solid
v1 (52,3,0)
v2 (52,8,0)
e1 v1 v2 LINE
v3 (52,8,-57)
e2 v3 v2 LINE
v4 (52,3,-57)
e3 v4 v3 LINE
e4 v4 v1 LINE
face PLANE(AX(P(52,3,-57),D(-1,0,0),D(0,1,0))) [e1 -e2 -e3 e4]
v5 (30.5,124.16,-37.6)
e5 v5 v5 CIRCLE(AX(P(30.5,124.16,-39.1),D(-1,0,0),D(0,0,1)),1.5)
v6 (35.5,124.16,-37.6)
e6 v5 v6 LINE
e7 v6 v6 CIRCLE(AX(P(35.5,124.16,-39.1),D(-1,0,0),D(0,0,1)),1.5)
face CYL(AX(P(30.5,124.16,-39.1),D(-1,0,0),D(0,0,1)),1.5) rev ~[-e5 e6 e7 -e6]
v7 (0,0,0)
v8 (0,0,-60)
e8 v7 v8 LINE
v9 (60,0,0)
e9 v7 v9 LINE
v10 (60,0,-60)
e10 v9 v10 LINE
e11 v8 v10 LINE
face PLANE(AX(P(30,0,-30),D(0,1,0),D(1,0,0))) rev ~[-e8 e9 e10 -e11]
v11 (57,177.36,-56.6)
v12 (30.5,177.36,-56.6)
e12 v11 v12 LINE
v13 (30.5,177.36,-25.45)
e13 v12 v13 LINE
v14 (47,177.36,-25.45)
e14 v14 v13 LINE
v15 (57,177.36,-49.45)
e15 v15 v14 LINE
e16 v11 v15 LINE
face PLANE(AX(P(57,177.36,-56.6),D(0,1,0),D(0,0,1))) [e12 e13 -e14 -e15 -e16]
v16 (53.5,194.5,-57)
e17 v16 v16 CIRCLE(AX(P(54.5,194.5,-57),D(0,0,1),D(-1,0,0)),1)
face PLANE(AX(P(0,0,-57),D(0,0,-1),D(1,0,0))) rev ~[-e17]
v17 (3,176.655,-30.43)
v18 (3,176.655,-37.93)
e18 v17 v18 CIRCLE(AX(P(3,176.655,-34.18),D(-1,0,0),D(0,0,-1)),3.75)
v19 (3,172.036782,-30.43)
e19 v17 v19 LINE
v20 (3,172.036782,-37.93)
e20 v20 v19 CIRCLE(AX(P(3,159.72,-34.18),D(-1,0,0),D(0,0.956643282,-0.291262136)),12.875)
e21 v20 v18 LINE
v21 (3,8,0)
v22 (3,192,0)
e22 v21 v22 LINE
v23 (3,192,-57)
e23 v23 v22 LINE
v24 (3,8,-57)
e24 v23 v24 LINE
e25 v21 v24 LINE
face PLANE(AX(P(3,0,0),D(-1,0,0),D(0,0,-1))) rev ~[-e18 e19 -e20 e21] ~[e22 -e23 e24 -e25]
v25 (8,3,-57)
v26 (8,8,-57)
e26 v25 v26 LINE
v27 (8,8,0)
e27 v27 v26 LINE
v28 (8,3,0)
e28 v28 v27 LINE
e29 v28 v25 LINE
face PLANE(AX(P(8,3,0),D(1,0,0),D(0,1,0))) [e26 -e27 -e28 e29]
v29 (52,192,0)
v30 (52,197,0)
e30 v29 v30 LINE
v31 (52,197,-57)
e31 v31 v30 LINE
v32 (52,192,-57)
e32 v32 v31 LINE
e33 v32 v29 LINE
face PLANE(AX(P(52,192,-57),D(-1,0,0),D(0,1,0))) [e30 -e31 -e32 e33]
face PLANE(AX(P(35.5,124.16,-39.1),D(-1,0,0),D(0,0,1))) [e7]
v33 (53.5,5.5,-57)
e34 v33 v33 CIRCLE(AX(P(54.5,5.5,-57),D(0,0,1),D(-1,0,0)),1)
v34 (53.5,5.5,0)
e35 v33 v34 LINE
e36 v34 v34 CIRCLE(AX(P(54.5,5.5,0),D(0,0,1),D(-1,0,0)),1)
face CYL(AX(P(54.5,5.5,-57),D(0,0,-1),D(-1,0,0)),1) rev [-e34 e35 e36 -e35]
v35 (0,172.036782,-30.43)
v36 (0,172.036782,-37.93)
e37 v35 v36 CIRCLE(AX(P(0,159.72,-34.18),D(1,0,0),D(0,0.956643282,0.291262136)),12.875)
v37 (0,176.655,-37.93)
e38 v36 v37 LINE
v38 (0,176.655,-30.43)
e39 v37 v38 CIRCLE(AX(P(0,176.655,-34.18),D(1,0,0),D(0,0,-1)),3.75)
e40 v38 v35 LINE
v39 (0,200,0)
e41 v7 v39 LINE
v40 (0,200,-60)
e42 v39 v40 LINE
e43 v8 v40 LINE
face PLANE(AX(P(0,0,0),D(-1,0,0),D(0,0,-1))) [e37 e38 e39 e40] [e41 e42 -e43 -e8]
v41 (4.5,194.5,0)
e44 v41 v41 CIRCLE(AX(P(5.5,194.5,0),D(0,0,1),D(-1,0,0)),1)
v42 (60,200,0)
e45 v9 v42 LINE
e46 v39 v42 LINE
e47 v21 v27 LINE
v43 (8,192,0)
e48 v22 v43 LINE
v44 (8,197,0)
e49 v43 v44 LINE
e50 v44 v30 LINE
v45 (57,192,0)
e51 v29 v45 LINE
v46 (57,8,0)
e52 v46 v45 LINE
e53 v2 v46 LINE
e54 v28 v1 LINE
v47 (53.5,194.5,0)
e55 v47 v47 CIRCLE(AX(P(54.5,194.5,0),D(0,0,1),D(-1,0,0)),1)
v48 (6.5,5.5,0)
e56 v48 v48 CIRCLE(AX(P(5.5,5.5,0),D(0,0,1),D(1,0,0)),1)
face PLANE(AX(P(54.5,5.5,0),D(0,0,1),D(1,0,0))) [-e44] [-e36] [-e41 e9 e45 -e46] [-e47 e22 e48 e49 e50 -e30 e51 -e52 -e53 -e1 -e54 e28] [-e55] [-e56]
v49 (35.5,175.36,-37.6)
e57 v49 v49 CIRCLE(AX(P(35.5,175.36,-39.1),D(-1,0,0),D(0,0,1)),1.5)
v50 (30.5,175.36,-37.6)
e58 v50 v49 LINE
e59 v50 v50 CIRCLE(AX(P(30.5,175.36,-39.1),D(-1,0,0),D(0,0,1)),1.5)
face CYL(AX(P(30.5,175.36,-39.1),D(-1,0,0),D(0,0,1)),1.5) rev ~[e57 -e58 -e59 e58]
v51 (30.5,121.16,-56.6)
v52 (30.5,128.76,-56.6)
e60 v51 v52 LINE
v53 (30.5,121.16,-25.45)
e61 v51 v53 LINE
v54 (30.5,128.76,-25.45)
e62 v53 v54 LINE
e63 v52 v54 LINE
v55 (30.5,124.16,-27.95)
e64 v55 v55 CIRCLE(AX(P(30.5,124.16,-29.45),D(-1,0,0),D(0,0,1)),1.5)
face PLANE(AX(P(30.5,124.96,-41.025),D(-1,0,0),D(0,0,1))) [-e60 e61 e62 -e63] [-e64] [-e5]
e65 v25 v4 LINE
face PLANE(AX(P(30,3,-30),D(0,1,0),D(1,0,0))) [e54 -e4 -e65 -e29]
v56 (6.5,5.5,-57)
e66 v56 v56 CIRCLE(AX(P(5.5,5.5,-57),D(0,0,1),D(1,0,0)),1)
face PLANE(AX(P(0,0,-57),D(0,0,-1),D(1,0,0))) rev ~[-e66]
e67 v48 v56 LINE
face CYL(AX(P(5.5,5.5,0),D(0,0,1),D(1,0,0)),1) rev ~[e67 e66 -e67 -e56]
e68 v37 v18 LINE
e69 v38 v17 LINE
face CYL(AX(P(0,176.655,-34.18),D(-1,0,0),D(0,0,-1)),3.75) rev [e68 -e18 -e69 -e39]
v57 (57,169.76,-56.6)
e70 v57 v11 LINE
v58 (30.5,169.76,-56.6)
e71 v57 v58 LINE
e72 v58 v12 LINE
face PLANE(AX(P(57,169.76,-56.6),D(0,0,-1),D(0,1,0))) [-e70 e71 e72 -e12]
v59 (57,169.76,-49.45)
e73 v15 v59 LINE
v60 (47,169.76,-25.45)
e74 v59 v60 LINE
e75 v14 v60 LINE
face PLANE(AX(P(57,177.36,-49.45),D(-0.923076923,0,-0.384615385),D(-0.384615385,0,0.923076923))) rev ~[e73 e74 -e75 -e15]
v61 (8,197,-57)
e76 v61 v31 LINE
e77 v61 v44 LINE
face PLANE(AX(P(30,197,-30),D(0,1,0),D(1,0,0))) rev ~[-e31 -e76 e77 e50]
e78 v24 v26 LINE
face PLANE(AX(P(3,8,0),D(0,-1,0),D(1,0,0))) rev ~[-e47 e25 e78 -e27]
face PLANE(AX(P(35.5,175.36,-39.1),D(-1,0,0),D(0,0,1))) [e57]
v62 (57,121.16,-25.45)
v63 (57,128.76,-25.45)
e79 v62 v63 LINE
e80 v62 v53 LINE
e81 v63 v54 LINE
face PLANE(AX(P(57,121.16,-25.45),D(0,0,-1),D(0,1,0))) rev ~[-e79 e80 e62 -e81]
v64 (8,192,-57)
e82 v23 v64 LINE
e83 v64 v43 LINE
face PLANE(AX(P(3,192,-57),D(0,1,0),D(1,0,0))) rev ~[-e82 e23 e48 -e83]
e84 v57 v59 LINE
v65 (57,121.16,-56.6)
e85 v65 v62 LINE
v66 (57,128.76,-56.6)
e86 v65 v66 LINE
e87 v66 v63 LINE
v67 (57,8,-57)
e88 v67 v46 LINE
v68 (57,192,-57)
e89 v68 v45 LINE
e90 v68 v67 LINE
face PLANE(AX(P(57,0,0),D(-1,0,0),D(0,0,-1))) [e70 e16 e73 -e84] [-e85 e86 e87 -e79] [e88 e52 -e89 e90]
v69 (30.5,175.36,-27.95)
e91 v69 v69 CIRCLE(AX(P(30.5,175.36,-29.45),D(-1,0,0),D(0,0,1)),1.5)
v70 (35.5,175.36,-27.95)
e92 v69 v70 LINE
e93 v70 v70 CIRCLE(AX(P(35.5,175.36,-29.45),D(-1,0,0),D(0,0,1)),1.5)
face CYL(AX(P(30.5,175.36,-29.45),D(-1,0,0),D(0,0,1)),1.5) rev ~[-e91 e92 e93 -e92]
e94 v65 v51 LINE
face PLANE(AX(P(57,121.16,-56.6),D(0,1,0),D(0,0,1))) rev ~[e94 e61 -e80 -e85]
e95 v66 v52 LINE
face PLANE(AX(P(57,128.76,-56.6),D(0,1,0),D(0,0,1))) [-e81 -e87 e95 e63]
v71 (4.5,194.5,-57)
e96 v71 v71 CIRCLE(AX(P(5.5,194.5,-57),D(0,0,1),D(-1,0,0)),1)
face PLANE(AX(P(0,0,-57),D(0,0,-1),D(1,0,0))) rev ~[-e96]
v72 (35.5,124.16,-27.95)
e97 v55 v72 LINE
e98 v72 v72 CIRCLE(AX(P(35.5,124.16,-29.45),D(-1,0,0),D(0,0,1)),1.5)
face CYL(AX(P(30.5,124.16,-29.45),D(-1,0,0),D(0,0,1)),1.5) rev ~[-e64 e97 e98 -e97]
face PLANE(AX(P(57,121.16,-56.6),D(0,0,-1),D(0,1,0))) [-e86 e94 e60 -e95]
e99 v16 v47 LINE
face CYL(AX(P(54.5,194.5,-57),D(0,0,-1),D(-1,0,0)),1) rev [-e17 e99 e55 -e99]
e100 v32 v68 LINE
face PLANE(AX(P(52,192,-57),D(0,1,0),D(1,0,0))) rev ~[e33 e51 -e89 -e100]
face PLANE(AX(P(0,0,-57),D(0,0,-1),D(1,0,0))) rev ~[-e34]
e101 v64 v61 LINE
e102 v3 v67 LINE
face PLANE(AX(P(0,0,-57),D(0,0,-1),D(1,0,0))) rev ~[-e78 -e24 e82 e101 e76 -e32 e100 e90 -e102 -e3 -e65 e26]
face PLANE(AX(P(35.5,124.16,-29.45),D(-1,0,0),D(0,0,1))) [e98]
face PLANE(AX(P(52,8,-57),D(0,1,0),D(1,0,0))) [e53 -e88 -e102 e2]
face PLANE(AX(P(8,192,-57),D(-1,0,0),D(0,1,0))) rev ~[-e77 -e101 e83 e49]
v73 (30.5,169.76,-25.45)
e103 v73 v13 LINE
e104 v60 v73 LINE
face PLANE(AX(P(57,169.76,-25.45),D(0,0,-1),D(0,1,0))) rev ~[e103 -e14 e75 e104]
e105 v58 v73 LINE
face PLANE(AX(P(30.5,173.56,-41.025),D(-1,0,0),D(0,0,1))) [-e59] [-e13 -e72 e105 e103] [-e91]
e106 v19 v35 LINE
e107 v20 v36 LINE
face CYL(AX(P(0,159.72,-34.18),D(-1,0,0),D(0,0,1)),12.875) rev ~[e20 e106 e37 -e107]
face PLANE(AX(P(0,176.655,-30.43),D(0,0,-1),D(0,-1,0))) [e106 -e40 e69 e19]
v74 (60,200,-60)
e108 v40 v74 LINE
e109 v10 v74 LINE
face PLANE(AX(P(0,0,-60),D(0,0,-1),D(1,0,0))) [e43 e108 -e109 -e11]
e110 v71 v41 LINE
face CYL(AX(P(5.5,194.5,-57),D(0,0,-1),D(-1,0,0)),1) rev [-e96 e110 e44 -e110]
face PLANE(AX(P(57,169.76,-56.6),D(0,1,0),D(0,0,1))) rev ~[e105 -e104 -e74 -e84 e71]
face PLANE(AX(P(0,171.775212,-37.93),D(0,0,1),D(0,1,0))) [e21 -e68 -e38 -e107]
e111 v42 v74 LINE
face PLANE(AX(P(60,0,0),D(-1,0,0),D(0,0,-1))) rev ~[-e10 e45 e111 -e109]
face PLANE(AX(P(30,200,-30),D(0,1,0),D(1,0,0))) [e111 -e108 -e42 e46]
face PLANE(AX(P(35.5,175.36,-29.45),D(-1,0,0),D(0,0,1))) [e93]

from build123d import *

# Parameters (mm, degrees)
SZKIC1_W                    = 60
SZKIC1_H                    = 60
DODANIE_WYCI_GNI_CIE1_DEPTH = 200
SKORUPA1_T                  = -3
SZKIC2_W                    = 5
SZKIC2_H                    = 5
SZKIC2_R                    = 1
DODANIE_WYCI_GNI_CIE5_DEPTH = 57
SZKIC3_W                    = 5
SZKIC3_H                    = 5
SZKIC3_R                    = 1
DODANIE_WYCI_GNI_CIE6_DEPTH = 57
SZKIC4_W                    = 5
SZKIC4_H                    = 5
SZKIC4_R                    = 1
DODANIE_WYCI_GNI_CIE7_DEPTH = 57
SZKIC5_W                    = 5
SZKIC5_H                    = 5
SZKIC5_R                    = 1
DODANIE_WYCI_GNI_CIE8_DEPTH = 57
SZKIC10_R                   = 12.875
WYTNIJ_WYCI_GNI_CIE3_DEPTH  = 3
SZKIC12_W                   = 31.15
SZKIC12_H                   = 7.6
DODANIE_WYCI_GNI_CIE9_DEPTH = 26.5
SZKIC13_R                   = 1.5
WYTNIJ_WYCI_GNI_CIE4_DEPTH  = 5
SZKIC15_R                   = 1.5
WYTNIJ_WYCI_GNI_CIE5_DEPTH  = 5
WYTNIJ_WYCI_GNI_CIE6_DEPTH  = 10
WYTNIJ_WYCI_GNI_CIE7_DEPTH  = 10


with BuildPart() as part:
    # Szkic1 → Dodanie-wyciągnięcie1 (new body)
    with BuildSketch(Plane(origin=(0, 0, 0), x_dir=(1, 0, 0), z_dir=(0, 1, 0))):
        with Locations((30, 30)):
            Rectangle(SZKIC1_W, SZKIC1_H)
    extrude(amount=DODANIE_WYCI_GNI_CIE1_DEPTH)

    # Skorupa1
    skorupa1_openings = [part.faces().sort_by_distance(p)[0] for p in [
        (30, 100, 0),
    ]]
    offset(amount=SKORUPA1_T, openings=skorupa1_openings, kind=Kind.INTERSECTION)

    # Szkic2 → Dodanie-wyciągnięcie5 (add)
    with BuildSketch(Plane.XY.offset(-57)):
        with Locations((5.5, 194.5)):
            Rectangle(SZKIC2_W, SZKIC2_H)
        with Locations(Location((5.5, 194.5, 0), (0, 0, 180))):
            Circle(SZKIC2_R, mode=Mode.SUBTRACT)
    extrude(amount=DODANIE_WYCI_GNI_CIE5_DEPTH)

    # Szkic3 → Dodanie-wyciągnięcie6 (add)
    with BuildSketch(Plane.XY.offset(-57)):
        with Locations((54.5, 194.5)):
            Rectangle(SZKIC3_W, SZKIC3_H)
        with Locations(Location((54.5, 194.5, 0), (0, 0, 180))):
            Circle(SZKIC3_R, mode=Mode.SUBTRACT)
    extrude(amount=DODANIE_WYCI_GNI_CIE6_DEPTH)

    # Szkic4 → Dodanie-wyciągnięcie7 (add)
    with BuildSketch(Plane.XY):
        with Locations((5.5, 5.5)):
            Rectangle(SZKIC4_W, SZKIC4_H)
        with Locations((5.5, 5.5)):
            Circle(SZKIC4_R, mode=Mode.SUBTRACT)
    extrude(amount=-DODANIE_WYCI_GNI_CIE7_DEPTH)

    # Szkic5 → Dodanie-wyciągnięcie8 (add)
    with BuildSketch(Plane.XY.offset(-57)):
        with Locations((54.5, 5.5)):
            Rectangle(SZKIC5_W, SZKIC5_H)
        with Locations(Location((54.5, 5.5, 0), (0, 0, 180))):
            Circle(SZKIC5_R, mode=Mode.SUBTRACT)
    extrude(amount=DODANIE_WYCI_GNI_CIE8_DEPTH)

    # Szkic10 → Wytnij-wyciągnięcie3 (cut)
    with BuildSketch(Plane.ZY):
        with Locations((-34.18, 159.72)):
            Circle(SZKIC10_R)
    extrude(amount=-WYTNIJ_WYCI_GNI_CIE3_DEPTH, mode=Mode.SUBTRACT)

    # Szkic12 → Dodanie-wyciągnięcie9 (add)
    with BuildSketch(Plane.ZY.offset(-57)):
        with Locations((-41.025, 173.56)):
            Rectangle(SZKIC12_W, SZKIC12_H)
        with Locations((-41.025, 124.96)):
            Rectangle(SZKIC12_W, SZKIC12_H)
    extrude(amount=DODANIE_WYCI_GNI_CIE9_DEPTH)

    # Szkic13 → Wytnij-wyciągnięcie4 (cut)
    with BuildSketch(Plane.ZY.offset(-30.5)):
        with Locations((-29.45, 175.36)):
            Circle(SZKIC13_R)
        with Locations((-39.1, 175.36)):
            Circle(SZKIC13_R)
    extrude(amount=-WYTNIJ_WYCI_GNI_CIE4_DEPTH, mode=Mode.SUBTRACT)

    # Szkic15 → Wytnij-wyciągnięcie5 (cut)
    with BuildSketch(Plane.ZY.offset(-30.5)):
        with Locations((-29.45, 124.16)):
            Circle(SZKIC15_R)
        with Locations((-39.1, 124.16)):
            Circle(SZKIC15_R)
    extrude(amount=-WYTNIJ_WYCI_GNI_CIE5_DEPTH, mode=Mode.SUBTRACT)

    # Szkic16 → Wytnij-wyciągnięcie6 (cut)
    with BuildSketch(Plane(origin=(0, 177.36, 0), x_dir=(1, 0, 0), z_dir=(0, 1, 0))):
        Polygon((57, 25.45), (57, 49.45), (47, 25.45), align=None)
    extrude(amount=-WYTNIJ_WYCI_GNI_CIE6_DEPTH, mode=Mode.SUBTRACT)

    # Szkic17 → Wytnij-wyciągnięcie7 (cut)
    with BuildSketch(Plane.ZY):
        with BuildLine():
            Line((-37.93, 172.345), (-37.93, 176.655))
            ThreePointArc((-37.93, 176.655), (-34.18, 180.405), (-30.43, 176.655))
            Line((-30.43, 176.655), (-30.43, 172.345))
            Line((-30.43, 172.345), (-30.43, 171.694400649))
            Line((-30.43, 171.694400649), (-37.93, 171.775211529))
            Line((-37.93, 171.775211529), (-37.93, 172.345))
        make_face()
    extrude(amount=-WYTNIJ_WYCI_GNI_CIE7_DEPTH, mode=Mode.SUBTRACT)


solid = part.part
